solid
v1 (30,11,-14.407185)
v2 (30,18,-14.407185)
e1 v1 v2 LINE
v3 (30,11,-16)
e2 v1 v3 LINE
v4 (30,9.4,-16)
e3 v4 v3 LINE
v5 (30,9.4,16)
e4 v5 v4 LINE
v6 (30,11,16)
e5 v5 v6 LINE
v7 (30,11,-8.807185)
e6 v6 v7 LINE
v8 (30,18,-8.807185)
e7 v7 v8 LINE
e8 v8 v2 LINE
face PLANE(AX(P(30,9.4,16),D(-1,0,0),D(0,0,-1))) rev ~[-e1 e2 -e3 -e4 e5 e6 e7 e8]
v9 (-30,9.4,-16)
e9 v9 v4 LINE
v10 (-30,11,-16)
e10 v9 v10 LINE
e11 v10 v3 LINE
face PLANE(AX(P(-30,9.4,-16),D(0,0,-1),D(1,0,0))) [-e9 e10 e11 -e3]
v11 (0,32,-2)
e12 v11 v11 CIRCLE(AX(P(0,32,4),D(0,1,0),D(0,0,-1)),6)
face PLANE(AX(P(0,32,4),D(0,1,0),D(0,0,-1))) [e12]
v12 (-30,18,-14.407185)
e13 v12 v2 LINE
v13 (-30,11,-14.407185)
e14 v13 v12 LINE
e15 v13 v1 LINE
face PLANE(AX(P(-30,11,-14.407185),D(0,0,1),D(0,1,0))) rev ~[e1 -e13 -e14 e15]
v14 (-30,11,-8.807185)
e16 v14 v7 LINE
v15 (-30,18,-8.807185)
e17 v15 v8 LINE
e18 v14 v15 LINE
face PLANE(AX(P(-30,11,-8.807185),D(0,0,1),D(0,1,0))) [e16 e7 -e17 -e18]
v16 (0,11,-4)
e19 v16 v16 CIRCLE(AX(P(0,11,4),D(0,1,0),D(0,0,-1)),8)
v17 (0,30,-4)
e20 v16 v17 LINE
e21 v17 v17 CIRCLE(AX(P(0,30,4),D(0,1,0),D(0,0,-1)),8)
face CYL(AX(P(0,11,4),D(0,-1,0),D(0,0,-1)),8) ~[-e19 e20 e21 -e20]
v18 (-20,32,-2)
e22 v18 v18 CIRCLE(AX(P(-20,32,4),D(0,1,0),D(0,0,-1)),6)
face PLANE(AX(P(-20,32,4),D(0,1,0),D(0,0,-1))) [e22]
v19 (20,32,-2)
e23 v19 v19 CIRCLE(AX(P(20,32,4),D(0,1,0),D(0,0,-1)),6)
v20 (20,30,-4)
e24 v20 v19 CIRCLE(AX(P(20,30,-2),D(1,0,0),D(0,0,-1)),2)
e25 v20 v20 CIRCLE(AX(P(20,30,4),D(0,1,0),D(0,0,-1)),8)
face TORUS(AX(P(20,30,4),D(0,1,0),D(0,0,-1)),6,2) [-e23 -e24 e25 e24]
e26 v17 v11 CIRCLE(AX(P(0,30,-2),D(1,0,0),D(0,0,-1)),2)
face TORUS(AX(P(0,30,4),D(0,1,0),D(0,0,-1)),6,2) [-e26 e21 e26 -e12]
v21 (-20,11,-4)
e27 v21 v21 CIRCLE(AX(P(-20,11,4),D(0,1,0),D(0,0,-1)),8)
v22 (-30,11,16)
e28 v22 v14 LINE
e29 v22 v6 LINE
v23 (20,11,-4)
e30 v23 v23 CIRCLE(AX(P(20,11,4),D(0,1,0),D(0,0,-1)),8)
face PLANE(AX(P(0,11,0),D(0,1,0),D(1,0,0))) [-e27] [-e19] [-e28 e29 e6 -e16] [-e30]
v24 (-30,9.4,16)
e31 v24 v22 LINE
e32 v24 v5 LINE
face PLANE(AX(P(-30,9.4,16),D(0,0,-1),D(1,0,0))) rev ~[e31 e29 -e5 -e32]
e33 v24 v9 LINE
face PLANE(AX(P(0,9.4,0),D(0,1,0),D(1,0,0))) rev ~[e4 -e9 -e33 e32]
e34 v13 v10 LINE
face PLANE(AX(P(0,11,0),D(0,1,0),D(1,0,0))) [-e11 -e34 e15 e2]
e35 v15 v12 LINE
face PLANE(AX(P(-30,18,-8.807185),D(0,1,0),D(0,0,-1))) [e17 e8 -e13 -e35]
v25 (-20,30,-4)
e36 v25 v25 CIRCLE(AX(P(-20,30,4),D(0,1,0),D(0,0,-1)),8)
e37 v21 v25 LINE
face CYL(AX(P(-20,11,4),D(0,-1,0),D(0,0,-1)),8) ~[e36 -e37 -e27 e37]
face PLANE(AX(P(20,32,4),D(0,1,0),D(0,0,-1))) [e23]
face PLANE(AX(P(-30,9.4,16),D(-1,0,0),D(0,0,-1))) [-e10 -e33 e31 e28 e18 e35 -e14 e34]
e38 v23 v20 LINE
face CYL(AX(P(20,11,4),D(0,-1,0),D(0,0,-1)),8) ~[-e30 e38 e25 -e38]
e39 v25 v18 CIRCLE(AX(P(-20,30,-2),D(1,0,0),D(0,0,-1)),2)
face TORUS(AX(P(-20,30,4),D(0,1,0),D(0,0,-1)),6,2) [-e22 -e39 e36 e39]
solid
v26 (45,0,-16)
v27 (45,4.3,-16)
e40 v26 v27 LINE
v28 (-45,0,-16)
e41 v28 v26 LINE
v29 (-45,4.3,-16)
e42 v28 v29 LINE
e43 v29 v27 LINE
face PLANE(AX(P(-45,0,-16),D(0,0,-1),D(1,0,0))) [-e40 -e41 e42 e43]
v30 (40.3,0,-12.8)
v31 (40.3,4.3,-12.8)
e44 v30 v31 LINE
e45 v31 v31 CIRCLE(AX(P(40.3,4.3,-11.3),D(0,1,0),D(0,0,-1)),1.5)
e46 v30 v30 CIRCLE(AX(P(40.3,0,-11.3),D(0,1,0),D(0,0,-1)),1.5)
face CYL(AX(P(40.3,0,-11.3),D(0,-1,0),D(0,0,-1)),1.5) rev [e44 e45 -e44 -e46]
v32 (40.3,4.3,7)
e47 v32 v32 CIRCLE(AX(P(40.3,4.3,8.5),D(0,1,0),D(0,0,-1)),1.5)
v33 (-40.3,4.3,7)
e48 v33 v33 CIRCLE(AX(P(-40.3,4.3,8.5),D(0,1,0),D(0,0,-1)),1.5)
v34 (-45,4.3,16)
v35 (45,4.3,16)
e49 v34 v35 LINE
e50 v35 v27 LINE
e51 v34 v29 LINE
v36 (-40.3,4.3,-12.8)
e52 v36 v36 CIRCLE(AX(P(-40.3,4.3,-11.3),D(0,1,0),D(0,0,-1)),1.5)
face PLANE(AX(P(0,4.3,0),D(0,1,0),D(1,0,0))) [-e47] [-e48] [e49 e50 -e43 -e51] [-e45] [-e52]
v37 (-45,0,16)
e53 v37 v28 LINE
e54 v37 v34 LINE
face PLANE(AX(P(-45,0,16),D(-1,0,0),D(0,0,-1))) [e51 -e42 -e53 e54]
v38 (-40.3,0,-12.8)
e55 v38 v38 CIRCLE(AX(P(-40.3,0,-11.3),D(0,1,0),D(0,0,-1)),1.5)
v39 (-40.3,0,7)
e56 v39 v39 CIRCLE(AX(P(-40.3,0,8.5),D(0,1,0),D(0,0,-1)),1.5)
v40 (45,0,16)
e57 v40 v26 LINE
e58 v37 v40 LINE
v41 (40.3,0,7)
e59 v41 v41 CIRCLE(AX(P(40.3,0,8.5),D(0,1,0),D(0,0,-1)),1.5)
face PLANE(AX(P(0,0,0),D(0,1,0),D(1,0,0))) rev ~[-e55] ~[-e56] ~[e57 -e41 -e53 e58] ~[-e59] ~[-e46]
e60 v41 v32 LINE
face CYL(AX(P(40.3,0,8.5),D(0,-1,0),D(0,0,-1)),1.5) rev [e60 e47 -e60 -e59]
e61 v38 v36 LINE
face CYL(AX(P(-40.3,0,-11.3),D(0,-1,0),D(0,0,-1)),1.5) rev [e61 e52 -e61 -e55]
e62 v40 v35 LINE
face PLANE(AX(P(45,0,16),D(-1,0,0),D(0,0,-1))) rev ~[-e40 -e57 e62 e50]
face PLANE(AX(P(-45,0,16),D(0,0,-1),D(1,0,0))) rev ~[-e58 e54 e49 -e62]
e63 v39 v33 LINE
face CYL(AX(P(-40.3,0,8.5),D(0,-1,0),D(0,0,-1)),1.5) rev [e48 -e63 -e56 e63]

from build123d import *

# Parameters (mm, degrees)
SKETCH2_W                = 90
SKETCH2_H                = 32
SKETCH2_R                = 1.5
BOSS_EXTRUDE1_DEPTH      = 4.3
SKETCH3_W                = 60
SKETCH3_H                = 32
BOSS_EXTRUDE2_DEPTH      = 1.6
SKETCH4_R                = 8
BOSS_EXTRUDE3_DEPTH      = 21
FILLET1_R                = 2
BOSS_EXTRUDE4_DEPTH      = 30
BOSS_EXTRUDE4_DEPTH_BACK = 30
SKETCH5_W                = 5.6
SKETCH5_H                = 7


with BuildPart() as part:
    # Sketch2 → Boss-Extrude1 (new body)
    with BuildSketch(Plane(origin=(0, 0, 0), x_dir=(1, 0, 0), z_dir=(0, 1, 0))):
        Rectangle(SKETCH2_W, SKETCH2_H)
        with Locations(Location((40.3, 11.3, 0), (0, 0, 90))):
            Circle(SKETCH2_R, mode=Mode.SUBTRACT)
        with Locations(Location((40.3, -8.5, 0), (0, 0, 90))):
            Circle(SKETCH2_R, mode=Mode.SUBTRACT)
        with Locations(Location((-40.3, -8.5, 0), (0, 0, 90))):
            Circle(SKETCH2_R, mode=Mode.SUBTRACT)
        with Locations(Location((-40.3, 11.3, 0), (0, 0, 90))):
            Circle(SKETCH2_R, mode=Mode.SUBTRACT)
    extrude(amount=BOSS_EXTRUDE1_DEPTH)


with BuildPart() as body_2:
    # Sketch3 → Boss-Extrude2 (new body)
    with BuildSketch(Plane(origin=(0, 9.4, 0), x_dir=(1, 0, 0), z_dir=(0, 1, 0))):
        Rectangle(SKETCH3_W, SKETCH3_H)
    extrude(amount=BOSS_EXTRUDE2_DEPTH)

    # Sketch4 → Boss-Extrude3 (add)
    with BuildSketch(Plane(origin=(0, 11, 0), x_dir=(1, 0, 0), z_dir=(0, 1, 0))):
        with Locations(Location((20, -4, 0), (0, 0, 90))):
            Circle(SKETCH4_R)
        with Locations(Location((0, -4, 0), (0, 0, 90))):
            Circle(SKETCH4_R)
        with Locations(Location((-20, -4, 0), (0, 0, 90))):
            Circle(SKETCH4_R)
    extrude(amount=BOSS_EXTRUDE3_DEPTH)

    # Fillet1
    fillet1_edges = [body_2.edges().sort_by_distance(p)[0] for p in [
        (20, 32, 12),
        (-20, 32, 12),
        (0, 32, 12),
    ]]
    fillet(fillet1_edges, radius=FILLET1_R)

    # Sketch5 → Boss-Extrude4 (add, two sides: drawn at the far end of the back side and taken through both)
    with BuildSketch(Plane(origin=(0, 0, 0), x_dir=(0, 0, -1), z_dir=(1, 0, 0)).offset(-BOSS_EXTRUDE4_DEPTH_BACK)):
        with Locations((11.607185034, 14.5)):
            Rectangle(SKETCH5_W, SKETCH5_H)
    extrude(amount=BOSS_EXTRUDE4_DEPTH + BOSS_EXTRUDE4_DEPTH_BACK)


solid = Compound([part.part, body_2.part])
